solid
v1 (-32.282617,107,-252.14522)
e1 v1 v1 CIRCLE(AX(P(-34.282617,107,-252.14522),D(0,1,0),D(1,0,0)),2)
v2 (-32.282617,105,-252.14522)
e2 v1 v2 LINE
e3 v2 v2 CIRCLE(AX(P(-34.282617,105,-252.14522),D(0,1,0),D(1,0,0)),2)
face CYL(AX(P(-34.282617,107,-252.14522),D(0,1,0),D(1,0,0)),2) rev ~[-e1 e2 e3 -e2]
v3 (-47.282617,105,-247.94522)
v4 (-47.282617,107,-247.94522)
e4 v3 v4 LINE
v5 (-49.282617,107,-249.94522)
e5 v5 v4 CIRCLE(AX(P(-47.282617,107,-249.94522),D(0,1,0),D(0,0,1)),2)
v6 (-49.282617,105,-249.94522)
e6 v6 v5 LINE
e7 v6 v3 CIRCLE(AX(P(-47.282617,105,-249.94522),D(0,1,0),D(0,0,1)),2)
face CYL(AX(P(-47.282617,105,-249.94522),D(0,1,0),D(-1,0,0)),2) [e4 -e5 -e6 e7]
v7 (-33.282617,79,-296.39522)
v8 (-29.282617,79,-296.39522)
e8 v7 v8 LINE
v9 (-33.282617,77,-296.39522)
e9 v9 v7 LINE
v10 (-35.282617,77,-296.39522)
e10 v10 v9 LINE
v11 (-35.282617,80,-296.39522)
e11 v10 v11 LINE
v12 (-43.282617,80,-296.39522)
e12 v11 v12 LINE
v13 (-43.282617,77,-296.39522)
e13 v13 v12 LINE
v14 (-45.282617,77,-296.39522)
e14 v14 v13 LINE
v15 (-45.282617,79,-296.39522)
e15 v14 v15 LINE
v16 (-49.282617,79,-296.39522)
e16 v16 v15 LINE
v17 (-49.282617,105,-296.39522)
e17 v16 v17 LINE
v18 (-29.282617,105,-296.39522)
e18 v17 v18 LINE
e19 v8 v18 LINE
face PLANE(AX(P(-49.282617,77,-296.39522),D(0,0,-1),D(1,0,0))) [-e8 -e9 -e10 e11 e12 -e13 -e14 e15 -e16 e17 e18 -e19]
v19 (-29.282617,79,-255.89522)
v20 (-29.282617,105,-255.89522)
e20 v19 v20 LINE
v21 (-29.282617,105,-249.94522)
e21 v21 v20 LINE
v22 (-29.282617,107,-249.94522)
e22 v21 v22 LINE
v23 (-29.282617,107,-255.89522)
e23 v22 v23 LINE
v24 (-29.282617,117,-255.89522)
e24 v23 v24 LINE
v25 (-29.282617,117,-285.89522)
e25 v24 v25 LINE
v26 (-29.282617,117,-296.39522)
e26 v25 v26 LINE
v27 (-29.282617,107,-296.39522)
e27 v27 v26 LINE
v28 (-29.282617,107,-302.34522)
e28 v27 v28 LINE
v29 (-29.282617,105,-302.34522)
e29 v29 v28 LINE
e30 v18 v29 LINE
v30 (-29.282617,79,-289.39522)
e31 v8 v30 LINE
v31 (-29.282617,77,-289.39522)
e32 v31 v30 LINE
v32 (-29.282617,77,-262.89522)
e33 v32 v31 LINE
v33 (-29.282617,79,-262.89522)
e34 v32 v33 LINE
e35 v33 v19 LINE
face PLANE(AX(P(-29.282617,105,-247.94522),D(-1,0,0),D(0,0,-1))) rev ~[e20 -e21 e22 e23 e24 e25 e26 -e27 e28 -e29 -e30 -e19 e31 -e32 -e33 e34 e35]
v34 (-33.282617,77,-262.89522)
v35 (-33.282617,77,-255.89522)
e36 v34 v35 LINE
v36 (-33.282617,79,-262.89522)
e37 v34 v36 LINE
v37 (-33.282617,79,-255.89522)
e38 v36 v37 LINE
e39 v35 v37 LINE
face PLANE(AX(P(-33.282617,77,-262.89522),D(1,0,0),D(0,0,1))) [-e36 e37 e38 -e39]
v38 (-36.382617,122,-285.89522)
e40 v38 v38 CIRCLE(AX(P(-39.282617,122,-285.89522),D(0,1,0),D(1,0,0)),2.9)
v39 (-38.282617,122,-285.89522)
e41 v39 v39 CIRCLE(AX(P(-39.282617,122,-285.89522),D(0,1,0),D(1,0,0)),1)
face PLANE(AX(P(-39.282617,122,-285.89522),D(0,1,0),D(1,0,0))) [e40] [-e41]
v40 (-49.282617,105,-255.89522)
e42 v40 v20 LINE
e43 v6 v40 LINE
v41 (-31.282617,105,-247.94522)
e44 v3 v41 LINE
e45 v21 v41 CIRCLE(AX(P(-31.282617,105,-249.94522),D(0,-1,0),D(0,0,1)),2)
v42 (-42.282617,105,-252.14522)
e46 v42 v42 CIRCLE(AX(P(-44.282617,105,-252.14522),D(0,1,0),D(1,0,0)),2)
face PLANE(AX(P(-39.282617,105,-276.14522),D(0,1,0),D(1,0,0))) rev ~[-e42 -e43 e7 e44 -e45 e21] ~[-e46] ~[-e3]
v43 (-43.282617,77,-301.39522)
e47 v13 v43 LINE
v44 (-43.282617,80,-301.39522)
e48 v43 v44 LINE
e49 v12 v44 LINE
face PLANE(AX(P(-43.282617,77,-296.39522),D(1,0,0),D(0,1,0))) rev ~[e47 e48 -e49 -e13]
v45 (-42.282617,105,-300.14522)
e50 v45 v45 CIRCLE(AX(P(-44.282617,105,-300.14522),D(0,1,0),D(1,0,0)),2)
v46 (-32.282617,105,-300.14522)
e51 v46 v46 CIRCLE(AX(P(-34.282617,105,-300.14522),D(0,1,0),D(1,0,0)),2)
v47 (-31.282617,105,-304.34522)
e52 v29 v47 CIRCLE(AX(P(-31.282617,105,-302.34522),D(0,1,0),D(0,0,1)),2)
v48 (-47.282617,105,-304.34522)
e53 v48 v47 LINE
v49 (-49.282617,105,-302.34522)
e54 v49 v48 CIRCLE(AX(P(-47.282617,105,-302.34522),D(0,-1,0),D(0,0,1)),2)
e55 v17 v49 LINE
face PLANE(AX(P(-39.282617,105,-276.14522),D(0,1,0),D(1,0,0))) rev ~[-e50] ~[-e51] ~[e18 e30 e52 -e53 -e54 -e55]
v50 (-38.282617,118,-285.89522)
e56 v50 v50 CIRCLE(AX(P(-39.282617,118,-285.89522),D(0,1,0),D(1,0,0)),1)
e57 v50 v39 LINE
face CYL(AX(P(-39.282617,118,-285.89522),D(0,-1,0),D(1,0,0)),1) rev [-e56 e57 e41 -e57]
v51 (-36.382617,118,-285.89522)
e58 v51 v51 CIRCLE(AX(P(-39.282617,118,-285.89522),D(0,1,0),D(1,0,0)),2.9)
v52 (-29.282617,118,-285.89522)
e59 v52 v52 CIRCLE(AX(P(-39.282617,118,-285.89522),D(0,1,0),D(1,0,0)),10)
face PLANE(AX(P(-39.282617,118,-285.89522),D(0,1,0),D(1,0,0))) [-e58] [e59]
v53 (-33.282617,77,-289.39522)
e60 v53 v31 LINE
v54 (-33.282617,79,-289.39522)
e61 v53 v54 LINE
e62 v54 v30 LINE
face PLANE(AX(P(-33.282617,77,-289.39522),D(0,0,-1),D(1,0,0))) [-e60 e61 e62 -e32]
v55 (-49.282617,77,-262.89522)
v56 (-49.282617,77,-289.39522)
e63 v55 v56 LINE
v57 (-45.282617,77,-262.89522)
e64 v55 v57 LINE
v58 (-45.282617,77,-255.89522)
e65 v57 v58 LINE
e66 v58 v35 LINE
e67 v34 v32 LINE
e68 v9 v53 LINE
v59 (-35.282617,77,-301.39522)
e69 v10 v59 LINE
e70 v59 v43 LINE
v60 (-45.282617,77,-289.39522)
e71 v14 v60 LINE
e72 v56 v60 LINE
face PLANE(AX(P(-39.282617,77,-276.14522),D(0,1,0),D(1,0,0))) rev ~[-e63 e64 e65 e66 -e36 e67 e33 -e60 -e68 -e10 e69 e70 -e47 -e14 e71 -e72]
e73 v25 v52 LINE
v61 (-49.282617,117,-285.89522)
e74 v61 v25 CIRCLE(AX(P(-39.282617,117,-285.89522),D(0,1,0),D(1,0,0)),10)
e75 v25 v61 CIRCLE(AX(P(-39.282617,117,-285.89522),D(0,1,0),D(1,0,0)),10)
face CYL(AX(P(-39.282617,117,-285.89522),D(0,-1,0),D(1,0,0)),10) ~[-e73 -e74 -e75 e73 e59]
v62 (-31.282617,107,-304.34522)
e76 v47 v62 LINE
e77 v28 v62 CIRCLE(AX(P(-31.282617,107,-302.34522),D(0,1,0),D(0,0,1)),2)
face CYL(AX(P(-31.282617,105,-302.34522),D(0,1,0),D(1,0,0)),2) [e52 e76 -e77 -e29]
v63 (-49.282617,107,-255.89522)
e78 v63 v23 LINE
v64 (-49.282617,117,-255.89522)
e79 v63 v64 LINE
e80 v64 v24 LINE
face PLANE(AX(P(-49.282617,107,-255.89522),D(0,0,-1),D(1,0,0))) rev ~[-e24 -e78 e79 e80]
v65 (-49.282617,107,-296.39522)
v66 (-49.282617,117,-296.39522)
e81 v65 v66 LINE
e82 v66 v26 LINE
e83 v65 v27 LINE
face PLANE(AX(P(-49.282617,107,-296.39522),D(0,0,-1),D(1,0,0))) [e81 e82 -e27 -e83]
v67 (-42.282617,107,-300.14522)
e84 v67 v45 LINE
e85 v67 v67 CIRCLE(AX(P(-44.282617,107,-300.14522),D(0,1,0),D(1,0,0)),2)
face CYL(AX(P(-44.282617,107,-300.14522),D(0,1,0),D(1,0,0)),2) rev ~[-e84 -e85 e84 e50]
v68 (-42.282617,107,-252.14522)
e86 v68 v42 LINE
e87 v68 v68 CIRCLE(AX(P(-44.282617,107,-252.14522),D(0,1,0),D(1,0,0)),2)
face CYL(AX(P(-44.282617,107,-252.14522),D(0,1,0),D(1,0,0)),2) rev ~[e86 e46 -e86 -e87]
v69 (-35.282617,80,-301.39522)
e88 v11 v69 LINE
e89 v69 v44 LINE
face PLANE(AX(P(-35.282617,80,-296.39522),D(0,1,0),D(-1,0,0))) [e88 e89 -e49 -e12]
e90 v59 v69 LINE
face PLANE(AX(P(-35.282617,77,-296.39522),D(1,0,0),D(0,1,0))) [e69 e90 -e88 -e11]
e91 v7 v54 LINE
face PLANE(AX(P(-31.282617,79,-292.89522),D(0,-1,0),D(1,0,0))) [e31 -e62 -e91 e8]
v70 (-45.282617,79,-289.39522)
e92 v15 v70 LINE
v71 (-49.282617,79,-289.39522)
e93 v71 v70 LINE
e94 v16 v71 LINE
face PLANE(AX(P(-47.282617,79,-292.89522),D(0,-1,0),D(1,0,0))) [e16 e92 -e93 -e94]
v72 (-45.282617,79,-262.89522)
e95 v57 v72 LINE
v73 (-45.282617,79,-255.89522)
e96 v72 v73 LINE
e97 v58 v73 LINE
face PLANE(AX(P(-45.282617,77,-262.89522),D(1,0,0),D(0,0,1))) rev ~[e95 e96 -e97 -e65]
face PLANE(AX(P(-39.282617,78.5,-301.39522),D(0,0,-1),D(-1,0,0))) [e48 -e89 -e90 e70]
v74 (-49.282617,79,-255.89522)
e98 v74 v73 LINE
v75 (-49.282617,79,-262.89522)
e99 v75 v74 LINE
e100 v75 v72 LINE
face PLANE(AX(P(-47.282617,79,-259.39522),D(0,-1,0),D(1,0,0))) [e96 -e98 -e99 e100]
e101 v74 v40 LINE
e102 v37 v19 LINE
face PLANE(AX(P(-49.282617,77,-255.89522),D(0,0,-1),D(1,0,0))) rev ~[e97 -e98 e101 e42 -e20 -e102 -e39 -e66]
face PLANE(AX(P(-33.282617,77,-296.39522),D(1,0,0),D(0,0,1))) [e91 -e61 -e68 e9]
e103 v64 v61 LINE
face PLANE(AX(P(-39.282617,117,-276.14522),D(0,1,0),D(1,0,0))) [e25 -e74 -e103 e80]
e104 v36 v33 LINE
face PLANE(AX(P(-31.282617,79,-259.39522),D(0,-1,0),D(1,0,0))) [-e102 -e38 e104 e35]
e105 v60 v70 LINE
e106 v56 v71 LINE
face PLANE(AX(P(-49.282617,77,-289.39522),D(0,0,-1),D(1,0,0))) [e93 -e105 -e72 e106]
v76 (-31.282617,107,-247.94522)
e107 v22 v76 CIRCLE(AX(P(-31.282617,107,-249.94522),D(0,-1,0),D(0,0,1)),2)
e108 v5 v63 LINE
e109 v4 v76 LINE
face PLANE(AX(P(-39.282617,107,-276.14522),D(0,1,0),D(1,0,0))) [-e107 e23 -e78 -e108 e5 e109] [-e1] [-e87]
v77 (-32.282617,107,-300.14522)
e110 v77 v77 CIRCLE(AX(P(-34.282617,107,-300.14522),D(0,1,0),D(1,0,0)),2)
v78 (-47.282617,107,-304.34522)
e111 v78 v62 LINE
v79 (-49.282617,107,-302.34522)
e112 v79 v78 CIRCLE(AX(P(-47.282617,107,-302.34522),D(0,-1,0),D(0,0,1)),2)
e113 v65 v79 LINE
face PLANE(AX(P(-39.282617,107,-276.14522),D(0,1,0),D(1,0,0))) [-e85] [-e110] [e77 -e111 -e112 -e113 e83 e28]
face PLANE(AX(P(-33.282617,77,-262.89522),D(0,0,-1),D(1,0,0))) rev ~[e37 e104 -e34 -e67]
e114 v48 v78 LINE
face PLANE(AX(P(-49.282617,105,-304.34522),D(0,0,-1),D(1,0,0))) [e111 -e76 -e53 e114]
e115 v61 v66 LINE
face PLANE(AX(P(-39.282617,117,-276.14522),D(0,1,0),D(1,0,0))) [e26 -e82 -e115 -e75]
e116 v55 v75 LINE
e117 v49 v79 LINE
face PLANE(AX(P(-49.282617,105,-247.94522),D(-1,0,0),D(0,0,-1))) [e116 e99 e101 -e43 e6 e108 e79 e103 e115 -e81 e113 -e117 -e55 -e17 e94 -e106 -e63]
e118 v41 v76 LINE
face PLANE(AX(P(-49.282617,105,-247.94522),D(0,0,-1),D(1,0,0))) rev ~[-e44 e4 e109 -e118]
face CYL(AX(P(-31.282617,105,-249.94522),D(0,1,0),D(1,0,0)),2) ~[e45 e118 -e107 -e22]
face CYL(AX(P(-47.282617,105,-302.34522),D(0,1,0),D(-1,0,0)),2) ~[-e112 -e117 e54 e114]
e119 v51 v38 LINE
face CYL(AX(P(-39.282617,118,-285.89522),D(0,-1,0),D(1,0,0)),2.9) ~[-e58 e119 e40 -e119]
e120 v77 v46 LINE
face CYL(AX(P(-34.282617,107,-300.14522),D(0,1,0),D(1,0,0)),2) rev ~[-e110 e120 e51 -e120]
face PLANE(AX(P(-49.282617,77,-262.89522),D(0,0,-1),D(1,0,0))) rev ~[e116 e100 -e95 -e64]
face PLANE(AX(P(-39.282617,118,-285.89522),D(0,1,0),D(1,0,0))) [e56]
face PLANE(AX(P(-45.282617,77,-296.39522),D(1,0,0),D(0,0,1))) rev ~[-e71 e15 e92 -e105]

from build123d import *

# Parameters (mm, degrees)
SKETCH2_W           = 20
SKETCH2_H           = 40.5
BOSS_EXTRUDE1_DEPTH = 28
SKETCH3_W           = 20
SKETCH3_H           = 56.4
BOSS_EXTRUDE2_DEPTH = 2
SKETCH4_W           = 20
SKETCH4_H           = 40.5
BOSS_EXTRUDE3_DEPTH = 10
SKETCH5_R           = 10
BOSS_EXTRUDE4_DEPTH = 1
SKETCH6_R           = 2.9
SKETCH6_R_2         = 1
BOSS_EXTRUDE5_DEPTH = 4
SKETCH7_R           = 2
CUT_EXTRUDE1_DEPTH  = 2
FILLET1_R           = 2
SKETCH8_W           = 4
SKETCH8_H           = 7
CUT_EXTRUDE2_DEPTH  = 2
SKETCH9_W           = 8
SKETCH9_H           = 3
BOSS_EXTRUDE6_DEPTH = 5


with BuildPart() as part:
    # Sketch2 → Boss-Extrude1 (new body)
    with BuildSketch(Plane(origin=(0, 77, 0), x_dir=(1, 0, 0), z_dir=(0, 1, 0))):
        with Locations((-39.282617367, 276.14521975)):
            Rectangle(SKETCH2_W, SKETCH2_H)
    extrude(amount=BOSS_EXTRUDE1_DEPTH)

    # Sketch3 → Boss-Extrude2 (add)
    with BuildSketch(Plane(origin=(0, 105, 0), x_dir=(1, 0, 0), z_dir=(0, 1, 0))):
        with Locations((-39.282617367, 276.14521975)):
            Rectangle(SKETCH3_W, SKETCH3_H)
    extrude(amount=BOSS_EXTRUDE2_DEPTH)

    # Sketch4 → Boss-Extrude3 (add)
    with BuildSketch(Plane(origin=(0, 107, 0), x_dir=(1, 0, 0), z_dir=(0, 1, 0))):
        with Locations((-39.282617367, 276.14521975)):
            Rectangle(SKETCH4_W, SKETCH4_H)
    extrude(amount=BOSS_EXTRUDE3_DEPTH)

    # Sketch5 → Boss-Extrude4 (add)
    with BuildSketch(Plane(origin=(0, 117, 0), x_dir=(1, 0, 0), z_dir=(0, 1, 0))):
        with Locations((-39.282617367, 285.89521975)):
            Circle(SKETCH5_R)
    extrude(amount=BOSS_EXTRUDE4_DEPTH)

    # Sketch6 → Boss-Extrude5 (add)
    with BuildSketch(Plane(origin=(0, 118, 0), x_dir=(1, 0, 0), z_dir=(0, 1, 0))):
        with Locations((-39.282617367, 285.89521975)):
            Circle(SKETCH6_R)
        with Locations((-39.282617367, 285.89521975)):
            Circle(SKETCH6_R_2, mode=Mode.SUBTRACT)
    extrude(amount=BOSS_EXTRUDE5_DEPTH)

    # Sketch7 → Cut-Extrude1 (cut)
    with BuildSketch(Plane(origin=(0, 107, 0), x_dir=(1, 0, 0), z_dir=(0, 1, 0))):
        with Locations((-44.282617367, 252.14521975)):
            Circle(SKETCH7_R)
        with Locations((-34.282617367, 252.14521975)):
            Circle(SKETCH7_R)
        with Locations((-34.282617367, 300.14521975)):
            Circle(SKETCH7_R)
        with Locations((-44.282617367, 300.14521975)):
            Circle(SKETCH7_R)
    extrude(amount=-CUT_EXTRUDE1_DEPTH, mode=Mode.SUBTRACT)

    # Fillet1
    fillet1_edges = [part.edges().sort_by_distance(p)[0] for p in [
        (-49.282617367, 106, -247.94521975),
        (-29.282617367, 106, -247.94521975),
        (-49.282617367, 106, -304.34521975),
        (-29.282617367, 106, -304.34521975),
    ]]
    fillet(fillet1_edges, radius=FILLET1_R)

    # Sketch8 → Cut-Extrude2 (cut)
    with BuildSketch(Plane.XZ.offset(-77)):
        with Locations((-31.282617367, -259.39521975)):
            Rectangle(SKETCH8_W, SKETCH8_H)
        with Locations((-31.282617367, -292.89521975)):
            Rectangle(SKETCH8_W, SKETCH8_H)
        with Locations((-47.282617367, -292.89521975)):
            Rectangle(SKETCH8_W, SKETCH8_H)
        with Locations((-47.282617367, -259.39521975)):
            Rectangle(SKETCH8_W, SKETCH8_H)
    extrude(amount=-CUT_EXTRUDE2_DEPTH, mode=Mode.SUBTRACT)

    # Sketch9 → Boss-Extrude6 (add)
    with BuildSketch(Plane(origin=(0, 0, -296.39521975), x_dir=(-1, 0, 0), z_dir=(0, 0, -1))):
        with Locations((39.282617367, 78.5)):
            Rectangle(SKETCH9_W, SKETCH9_H)
    extrude(amount=BOSS_EXTRUDE6_DEPTH)


solid = part.part
